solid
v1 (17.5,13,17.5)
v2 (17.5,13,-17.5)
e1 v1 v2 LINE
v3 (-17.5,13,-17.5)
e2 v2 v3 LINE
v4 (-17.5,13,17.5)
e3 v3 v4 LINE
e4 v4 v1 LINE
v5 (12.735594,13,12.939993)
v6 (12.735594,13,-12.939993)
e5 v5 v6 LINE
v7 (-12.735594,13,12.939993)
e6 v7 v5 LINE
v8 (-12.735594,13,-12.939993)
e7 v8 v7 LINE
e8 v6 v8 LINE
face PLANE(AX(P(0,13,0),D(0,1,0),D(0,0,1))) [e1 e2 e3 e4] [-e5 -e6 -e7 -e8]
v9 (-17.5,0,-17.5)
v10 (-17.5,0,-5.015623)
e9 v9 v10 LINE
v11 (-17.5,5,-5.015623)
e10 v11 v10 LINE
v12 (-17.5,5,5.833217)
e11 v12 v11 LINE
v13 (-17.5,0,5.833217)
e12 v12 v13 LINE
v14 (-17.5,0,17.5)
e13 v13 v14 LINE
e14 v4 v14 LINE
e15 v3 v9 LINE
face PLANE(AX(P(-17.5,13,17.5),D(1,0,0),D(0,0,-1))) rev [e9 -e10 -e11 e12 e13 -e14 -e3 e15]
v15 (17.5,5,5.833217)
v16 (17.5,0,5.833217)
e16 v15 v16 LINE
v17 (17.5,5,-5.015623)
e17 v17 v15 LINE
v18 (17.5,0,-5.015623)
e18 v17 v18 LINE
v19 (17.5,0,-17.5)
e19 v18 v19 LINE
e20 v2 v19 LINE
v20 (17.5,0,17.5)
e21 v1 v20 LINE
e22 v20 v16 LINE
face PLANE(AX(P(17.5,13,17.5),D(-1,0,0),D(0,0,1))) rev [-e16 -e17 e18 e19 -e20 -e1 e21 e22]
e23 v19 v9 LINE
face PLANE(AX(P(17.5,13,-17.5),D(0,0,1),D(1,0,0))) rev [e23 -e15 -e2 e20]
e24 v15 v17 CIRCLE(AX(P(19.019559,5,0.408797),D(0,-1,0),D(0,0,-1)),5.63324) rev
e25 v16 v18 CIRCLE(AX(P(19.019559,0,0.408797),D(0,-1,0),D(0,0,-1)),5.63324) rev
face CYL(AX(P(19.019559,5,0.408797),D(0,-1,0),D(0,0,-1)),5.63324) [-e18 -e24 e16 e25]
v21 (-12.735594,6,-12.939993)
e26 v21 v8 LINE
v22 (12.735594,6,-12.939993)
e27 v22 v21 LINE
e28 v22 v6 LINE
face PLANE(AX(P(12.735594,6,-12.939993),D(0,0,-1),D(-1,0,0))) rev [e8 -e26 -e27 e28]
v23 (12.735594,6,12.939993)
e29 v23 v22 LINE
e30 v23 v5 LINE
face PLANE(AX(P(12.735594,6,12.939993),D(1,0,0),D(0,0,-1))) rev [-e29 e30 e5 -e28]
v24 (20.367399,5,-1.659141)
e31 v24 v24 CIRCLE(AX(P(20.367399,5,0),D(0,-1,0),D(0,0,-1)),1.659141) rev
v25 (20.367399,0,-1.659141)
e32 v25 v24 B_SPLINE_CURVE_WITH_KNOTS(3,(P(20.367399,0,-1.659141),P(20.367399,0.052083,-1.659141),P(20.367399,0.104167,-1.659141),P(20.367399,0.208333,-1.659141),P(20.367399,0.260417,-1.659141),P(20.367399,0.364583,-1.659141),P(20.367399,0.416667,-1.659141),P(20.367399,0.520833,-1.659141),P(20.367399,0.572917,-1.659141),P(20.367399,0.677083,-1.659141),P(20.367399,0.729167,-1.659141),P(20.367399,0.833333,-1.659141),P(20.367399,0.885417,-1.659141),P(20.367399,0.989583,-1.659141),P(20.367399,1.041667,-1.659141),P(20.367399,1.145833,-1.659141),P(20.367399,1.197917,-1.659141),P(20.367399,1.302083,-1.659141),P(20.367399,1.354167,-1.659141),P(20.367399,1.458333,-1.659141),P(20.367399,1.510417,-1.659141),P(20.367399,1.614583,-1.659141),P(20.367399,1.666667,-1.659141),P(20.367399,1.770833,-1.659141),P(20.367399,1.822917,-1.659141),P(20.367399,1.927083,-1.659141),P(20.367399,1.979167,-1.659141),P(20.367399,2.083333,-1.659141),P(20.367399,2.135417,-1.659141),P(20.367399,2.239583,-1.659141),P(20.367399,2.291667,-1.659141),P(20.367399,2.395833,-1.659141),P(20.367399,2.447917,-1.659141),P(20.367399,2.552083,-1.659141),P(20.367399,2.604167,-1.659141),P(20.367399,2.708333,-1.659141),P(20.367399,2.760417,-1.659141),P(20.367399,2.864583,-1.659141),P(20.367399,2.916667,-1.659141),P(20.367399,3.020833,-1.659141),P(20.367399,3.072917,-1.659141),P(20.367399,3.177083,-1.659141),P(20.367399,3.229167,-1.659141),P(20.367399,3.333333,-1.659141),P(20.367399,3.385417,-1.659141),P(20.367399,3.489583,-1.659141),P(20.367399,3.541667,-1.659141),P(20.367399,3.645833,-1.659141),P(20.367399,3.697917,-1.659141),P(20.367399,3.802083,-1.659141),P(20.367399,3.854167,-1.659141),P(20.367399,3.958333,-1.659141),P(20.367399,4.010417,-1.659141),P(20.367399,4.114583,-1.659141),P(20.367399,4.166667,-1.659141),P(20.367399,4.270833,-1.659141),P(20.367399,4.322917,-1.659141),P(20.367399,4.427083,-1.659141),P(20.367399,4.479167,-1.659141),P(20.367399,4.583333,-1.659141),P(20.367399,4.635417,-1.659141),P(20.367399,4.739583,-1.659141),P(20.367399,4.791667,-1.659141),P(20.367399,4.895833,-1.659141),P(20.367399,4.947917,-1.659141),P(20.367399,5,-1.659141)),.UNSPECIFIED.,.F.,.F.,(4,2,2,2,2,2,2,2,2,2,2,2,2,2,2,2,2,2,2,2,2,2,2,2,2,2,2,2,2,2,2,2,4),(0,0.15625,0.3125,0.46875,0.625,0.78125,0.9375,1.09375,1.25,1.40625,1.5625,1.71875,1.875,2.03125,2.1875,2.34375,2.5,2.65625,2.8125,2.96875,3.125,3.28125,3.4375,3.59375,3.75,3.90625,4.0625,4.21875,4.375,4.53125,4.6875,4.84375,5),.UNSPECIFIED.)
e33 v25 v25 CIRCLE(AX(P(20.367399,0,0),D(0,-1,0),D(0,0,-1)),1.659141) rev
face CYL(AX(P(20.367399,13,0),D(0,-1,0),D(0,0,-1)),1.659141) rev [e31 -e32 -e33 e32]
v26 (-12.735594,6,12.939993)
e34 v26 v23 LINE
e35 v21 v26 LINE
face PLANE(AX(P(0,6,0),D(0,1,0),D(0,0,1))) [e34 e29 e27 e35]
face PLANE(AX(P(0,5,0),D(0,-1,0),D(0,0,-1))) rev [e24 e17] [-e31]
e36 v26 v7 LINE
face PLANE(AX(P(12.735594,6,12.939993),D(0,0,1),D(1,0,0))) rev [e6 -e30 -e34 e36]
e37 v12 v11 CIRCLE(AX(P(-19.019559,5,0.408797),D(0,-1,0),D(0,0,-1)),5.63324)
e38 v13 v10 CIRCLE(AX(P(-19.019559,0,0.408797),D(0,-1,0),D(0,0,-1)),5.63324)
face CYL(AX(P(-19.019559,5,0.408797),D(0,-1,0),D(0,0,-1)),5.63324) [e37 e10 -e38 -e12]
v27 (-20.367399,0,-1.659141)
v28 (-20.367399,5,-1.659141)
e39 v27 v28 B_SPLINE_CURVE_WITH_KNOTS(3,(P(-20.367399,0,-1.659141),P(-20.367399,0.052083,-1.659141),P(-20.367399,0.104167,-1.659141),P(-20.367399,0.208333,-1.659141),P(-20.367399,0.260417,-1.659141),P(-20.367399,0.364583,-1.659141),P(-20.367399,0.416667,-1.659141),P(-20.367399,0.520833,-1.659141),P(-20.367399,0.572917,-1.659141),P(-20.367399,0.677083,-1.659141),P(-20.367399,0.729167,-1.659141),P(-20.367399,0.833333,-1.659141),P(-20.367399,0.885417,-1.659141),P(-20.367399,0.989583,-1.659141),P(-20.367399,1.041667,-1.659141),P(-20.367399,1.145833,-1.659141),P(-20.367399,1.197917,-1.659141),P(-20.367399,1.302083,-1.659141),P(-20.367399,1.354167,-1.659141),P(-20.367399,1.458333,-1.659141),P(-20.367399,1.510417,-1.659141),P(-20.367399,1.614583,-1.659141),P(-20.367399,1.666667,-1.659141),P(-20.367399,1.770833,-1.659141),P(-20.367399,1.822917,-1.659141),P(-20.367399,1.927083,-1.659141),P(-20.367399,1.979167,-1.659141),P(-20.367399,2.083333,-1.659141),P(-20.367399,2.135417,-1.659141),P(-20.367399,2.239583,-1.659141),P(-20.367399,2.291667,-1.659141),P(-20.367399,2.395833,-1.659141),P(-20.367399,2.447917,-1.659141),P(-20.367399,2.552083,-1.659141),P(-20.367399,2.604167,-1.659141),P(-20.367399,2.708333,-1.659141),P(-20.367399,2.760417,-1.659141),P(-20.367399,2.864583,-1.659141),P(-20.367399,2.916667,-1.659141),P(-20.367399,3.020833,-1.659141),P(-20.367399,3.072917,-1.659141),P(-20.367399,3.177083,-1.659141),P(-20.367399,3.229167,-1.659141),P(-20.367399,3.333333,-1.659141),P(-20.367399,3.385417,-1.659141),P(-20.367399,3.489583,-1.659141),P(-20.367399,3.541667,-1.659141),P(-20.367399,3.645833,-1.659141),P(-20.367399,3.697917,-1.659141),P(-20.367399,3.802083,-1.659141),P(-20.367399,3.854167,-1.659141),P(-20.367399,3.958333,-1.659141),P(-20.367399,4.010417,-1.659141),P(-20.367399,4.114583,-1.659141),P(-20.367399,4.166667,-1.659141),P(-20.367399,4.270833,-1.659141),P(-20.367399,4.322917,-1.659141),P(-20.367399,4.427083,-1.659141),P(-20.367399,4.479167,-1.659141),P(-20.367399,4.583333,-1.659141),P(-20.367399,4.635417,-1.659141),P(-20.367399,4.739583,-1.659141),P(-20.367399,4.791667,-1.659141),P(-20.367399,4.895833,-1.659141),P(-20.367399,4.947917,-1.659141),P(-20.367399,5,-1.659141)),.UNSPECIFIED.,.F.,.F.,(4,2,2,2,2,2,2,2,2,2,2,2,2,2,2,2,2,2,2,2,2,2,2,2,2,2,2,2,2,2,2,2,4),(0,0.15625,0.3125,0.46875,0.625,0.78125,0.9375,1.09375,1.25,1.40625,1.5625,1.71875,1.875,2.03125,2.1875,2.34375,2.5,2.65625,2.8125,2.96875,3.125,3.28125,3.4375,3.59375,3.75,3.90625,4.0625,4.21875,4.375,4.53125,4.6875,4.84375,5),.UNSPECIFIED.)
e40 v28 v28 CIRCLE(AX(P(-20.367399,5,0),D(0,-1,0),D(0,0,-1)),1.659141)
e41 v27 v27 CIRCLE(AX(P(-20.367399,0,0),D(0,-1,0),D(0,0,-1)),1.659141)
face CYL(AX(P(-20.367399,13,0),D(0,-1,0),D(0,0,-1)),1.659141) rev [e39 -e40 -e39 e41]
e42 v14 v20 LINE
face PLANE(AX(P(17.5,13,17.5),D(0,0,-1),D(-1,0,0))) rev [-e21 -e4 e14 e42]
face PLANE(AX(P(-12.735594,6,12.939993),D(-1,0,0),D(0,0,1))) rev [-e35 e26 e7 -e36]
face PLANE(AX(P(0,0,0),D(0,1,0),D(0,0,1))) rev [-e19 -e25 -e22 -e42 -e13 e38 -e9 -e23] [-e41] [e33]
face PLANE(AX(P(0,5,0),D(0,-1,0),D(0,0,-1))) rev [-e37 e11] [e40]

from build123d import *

# Parameters (mm, degrees)
SKETCH1_W           = 35
SKETCH1_H           = 35
BOSS_EXTRUDE1_DEPTH = 13
SKETCH2_W           = 25.47118856
SKETCH2_H           = 25.879985414
CUT_EXTRUDE1_DEPTH  = 7
BOSS_EXTRUDE2_DEPTH = 5
SKETCH5_R           = 1.659140746
CUT_EXTRUDE2_DEPTH  = 33.909124542


with BuildPart() as part:
    # Sketch1 → Boss-Extrude1 (new body)
    with BuildSketch(Plane(origin=(0, 0, 0), x_dir=(1, 0, 0), z_dir=(0, 1, 0))):
        Rectangle(SKETCH1_W, SKETCH1_H)
    extrude(amount=BOSS_EXTRUDE1_DEPTH)

    # Sketch2 → Cut-Extrude1 (cut)
    with BuildSketch(Plane(origin=(0, 13, 0), x_dir=(1, 0, 0), z_dir=(0, 1, 0))):
        Rectangle(SKETCH2_W, SKETCH2_H)
    extrude(amount=-CUT_EXTRUDE1_DEPTH, mode=Mode.SUBTRACT)

    # Sketch3 → Boss-Extrude2 (add)
    with BuildSketch(Plane.XZ):
        with BuildLine():
            Line((-17.5, -5.015622933), (-17.5, 5.83321664))
            ThreePointArc((-17.5, 5.83321664), (-24.652798585, 0.408796853), (-17.5, -5.015622933))
        make_face()
        with BuildLine():
            ThreePointArc((17.5, -5.015622933), (24.652798585, 0.408796853), (17.5, 5.83321664))
            Line((17.5, 5.83321664), (17.5, -5.015622933))
        make_face()
    extrude(amount=-BOSS_EXTRUDE2_DEPTH)

    # Sketch5 → Cut-Extrude2 (cut, through all)
    with BuildSketch(Plane.XZ):
        with Locations(Location((-20.367399271, 0, 0), (0, 0, 270))):
            Circle(SKETCH5_R)
        with Locations(Location((20.367399271, 0, 0), (0, 0, 270))):
            Circle(SKETCH5_R)
    extrude(amount=-CUT_EXTRUDE2_DEPTH, mode=Mode.SUBTRACT)


solid = part.part
